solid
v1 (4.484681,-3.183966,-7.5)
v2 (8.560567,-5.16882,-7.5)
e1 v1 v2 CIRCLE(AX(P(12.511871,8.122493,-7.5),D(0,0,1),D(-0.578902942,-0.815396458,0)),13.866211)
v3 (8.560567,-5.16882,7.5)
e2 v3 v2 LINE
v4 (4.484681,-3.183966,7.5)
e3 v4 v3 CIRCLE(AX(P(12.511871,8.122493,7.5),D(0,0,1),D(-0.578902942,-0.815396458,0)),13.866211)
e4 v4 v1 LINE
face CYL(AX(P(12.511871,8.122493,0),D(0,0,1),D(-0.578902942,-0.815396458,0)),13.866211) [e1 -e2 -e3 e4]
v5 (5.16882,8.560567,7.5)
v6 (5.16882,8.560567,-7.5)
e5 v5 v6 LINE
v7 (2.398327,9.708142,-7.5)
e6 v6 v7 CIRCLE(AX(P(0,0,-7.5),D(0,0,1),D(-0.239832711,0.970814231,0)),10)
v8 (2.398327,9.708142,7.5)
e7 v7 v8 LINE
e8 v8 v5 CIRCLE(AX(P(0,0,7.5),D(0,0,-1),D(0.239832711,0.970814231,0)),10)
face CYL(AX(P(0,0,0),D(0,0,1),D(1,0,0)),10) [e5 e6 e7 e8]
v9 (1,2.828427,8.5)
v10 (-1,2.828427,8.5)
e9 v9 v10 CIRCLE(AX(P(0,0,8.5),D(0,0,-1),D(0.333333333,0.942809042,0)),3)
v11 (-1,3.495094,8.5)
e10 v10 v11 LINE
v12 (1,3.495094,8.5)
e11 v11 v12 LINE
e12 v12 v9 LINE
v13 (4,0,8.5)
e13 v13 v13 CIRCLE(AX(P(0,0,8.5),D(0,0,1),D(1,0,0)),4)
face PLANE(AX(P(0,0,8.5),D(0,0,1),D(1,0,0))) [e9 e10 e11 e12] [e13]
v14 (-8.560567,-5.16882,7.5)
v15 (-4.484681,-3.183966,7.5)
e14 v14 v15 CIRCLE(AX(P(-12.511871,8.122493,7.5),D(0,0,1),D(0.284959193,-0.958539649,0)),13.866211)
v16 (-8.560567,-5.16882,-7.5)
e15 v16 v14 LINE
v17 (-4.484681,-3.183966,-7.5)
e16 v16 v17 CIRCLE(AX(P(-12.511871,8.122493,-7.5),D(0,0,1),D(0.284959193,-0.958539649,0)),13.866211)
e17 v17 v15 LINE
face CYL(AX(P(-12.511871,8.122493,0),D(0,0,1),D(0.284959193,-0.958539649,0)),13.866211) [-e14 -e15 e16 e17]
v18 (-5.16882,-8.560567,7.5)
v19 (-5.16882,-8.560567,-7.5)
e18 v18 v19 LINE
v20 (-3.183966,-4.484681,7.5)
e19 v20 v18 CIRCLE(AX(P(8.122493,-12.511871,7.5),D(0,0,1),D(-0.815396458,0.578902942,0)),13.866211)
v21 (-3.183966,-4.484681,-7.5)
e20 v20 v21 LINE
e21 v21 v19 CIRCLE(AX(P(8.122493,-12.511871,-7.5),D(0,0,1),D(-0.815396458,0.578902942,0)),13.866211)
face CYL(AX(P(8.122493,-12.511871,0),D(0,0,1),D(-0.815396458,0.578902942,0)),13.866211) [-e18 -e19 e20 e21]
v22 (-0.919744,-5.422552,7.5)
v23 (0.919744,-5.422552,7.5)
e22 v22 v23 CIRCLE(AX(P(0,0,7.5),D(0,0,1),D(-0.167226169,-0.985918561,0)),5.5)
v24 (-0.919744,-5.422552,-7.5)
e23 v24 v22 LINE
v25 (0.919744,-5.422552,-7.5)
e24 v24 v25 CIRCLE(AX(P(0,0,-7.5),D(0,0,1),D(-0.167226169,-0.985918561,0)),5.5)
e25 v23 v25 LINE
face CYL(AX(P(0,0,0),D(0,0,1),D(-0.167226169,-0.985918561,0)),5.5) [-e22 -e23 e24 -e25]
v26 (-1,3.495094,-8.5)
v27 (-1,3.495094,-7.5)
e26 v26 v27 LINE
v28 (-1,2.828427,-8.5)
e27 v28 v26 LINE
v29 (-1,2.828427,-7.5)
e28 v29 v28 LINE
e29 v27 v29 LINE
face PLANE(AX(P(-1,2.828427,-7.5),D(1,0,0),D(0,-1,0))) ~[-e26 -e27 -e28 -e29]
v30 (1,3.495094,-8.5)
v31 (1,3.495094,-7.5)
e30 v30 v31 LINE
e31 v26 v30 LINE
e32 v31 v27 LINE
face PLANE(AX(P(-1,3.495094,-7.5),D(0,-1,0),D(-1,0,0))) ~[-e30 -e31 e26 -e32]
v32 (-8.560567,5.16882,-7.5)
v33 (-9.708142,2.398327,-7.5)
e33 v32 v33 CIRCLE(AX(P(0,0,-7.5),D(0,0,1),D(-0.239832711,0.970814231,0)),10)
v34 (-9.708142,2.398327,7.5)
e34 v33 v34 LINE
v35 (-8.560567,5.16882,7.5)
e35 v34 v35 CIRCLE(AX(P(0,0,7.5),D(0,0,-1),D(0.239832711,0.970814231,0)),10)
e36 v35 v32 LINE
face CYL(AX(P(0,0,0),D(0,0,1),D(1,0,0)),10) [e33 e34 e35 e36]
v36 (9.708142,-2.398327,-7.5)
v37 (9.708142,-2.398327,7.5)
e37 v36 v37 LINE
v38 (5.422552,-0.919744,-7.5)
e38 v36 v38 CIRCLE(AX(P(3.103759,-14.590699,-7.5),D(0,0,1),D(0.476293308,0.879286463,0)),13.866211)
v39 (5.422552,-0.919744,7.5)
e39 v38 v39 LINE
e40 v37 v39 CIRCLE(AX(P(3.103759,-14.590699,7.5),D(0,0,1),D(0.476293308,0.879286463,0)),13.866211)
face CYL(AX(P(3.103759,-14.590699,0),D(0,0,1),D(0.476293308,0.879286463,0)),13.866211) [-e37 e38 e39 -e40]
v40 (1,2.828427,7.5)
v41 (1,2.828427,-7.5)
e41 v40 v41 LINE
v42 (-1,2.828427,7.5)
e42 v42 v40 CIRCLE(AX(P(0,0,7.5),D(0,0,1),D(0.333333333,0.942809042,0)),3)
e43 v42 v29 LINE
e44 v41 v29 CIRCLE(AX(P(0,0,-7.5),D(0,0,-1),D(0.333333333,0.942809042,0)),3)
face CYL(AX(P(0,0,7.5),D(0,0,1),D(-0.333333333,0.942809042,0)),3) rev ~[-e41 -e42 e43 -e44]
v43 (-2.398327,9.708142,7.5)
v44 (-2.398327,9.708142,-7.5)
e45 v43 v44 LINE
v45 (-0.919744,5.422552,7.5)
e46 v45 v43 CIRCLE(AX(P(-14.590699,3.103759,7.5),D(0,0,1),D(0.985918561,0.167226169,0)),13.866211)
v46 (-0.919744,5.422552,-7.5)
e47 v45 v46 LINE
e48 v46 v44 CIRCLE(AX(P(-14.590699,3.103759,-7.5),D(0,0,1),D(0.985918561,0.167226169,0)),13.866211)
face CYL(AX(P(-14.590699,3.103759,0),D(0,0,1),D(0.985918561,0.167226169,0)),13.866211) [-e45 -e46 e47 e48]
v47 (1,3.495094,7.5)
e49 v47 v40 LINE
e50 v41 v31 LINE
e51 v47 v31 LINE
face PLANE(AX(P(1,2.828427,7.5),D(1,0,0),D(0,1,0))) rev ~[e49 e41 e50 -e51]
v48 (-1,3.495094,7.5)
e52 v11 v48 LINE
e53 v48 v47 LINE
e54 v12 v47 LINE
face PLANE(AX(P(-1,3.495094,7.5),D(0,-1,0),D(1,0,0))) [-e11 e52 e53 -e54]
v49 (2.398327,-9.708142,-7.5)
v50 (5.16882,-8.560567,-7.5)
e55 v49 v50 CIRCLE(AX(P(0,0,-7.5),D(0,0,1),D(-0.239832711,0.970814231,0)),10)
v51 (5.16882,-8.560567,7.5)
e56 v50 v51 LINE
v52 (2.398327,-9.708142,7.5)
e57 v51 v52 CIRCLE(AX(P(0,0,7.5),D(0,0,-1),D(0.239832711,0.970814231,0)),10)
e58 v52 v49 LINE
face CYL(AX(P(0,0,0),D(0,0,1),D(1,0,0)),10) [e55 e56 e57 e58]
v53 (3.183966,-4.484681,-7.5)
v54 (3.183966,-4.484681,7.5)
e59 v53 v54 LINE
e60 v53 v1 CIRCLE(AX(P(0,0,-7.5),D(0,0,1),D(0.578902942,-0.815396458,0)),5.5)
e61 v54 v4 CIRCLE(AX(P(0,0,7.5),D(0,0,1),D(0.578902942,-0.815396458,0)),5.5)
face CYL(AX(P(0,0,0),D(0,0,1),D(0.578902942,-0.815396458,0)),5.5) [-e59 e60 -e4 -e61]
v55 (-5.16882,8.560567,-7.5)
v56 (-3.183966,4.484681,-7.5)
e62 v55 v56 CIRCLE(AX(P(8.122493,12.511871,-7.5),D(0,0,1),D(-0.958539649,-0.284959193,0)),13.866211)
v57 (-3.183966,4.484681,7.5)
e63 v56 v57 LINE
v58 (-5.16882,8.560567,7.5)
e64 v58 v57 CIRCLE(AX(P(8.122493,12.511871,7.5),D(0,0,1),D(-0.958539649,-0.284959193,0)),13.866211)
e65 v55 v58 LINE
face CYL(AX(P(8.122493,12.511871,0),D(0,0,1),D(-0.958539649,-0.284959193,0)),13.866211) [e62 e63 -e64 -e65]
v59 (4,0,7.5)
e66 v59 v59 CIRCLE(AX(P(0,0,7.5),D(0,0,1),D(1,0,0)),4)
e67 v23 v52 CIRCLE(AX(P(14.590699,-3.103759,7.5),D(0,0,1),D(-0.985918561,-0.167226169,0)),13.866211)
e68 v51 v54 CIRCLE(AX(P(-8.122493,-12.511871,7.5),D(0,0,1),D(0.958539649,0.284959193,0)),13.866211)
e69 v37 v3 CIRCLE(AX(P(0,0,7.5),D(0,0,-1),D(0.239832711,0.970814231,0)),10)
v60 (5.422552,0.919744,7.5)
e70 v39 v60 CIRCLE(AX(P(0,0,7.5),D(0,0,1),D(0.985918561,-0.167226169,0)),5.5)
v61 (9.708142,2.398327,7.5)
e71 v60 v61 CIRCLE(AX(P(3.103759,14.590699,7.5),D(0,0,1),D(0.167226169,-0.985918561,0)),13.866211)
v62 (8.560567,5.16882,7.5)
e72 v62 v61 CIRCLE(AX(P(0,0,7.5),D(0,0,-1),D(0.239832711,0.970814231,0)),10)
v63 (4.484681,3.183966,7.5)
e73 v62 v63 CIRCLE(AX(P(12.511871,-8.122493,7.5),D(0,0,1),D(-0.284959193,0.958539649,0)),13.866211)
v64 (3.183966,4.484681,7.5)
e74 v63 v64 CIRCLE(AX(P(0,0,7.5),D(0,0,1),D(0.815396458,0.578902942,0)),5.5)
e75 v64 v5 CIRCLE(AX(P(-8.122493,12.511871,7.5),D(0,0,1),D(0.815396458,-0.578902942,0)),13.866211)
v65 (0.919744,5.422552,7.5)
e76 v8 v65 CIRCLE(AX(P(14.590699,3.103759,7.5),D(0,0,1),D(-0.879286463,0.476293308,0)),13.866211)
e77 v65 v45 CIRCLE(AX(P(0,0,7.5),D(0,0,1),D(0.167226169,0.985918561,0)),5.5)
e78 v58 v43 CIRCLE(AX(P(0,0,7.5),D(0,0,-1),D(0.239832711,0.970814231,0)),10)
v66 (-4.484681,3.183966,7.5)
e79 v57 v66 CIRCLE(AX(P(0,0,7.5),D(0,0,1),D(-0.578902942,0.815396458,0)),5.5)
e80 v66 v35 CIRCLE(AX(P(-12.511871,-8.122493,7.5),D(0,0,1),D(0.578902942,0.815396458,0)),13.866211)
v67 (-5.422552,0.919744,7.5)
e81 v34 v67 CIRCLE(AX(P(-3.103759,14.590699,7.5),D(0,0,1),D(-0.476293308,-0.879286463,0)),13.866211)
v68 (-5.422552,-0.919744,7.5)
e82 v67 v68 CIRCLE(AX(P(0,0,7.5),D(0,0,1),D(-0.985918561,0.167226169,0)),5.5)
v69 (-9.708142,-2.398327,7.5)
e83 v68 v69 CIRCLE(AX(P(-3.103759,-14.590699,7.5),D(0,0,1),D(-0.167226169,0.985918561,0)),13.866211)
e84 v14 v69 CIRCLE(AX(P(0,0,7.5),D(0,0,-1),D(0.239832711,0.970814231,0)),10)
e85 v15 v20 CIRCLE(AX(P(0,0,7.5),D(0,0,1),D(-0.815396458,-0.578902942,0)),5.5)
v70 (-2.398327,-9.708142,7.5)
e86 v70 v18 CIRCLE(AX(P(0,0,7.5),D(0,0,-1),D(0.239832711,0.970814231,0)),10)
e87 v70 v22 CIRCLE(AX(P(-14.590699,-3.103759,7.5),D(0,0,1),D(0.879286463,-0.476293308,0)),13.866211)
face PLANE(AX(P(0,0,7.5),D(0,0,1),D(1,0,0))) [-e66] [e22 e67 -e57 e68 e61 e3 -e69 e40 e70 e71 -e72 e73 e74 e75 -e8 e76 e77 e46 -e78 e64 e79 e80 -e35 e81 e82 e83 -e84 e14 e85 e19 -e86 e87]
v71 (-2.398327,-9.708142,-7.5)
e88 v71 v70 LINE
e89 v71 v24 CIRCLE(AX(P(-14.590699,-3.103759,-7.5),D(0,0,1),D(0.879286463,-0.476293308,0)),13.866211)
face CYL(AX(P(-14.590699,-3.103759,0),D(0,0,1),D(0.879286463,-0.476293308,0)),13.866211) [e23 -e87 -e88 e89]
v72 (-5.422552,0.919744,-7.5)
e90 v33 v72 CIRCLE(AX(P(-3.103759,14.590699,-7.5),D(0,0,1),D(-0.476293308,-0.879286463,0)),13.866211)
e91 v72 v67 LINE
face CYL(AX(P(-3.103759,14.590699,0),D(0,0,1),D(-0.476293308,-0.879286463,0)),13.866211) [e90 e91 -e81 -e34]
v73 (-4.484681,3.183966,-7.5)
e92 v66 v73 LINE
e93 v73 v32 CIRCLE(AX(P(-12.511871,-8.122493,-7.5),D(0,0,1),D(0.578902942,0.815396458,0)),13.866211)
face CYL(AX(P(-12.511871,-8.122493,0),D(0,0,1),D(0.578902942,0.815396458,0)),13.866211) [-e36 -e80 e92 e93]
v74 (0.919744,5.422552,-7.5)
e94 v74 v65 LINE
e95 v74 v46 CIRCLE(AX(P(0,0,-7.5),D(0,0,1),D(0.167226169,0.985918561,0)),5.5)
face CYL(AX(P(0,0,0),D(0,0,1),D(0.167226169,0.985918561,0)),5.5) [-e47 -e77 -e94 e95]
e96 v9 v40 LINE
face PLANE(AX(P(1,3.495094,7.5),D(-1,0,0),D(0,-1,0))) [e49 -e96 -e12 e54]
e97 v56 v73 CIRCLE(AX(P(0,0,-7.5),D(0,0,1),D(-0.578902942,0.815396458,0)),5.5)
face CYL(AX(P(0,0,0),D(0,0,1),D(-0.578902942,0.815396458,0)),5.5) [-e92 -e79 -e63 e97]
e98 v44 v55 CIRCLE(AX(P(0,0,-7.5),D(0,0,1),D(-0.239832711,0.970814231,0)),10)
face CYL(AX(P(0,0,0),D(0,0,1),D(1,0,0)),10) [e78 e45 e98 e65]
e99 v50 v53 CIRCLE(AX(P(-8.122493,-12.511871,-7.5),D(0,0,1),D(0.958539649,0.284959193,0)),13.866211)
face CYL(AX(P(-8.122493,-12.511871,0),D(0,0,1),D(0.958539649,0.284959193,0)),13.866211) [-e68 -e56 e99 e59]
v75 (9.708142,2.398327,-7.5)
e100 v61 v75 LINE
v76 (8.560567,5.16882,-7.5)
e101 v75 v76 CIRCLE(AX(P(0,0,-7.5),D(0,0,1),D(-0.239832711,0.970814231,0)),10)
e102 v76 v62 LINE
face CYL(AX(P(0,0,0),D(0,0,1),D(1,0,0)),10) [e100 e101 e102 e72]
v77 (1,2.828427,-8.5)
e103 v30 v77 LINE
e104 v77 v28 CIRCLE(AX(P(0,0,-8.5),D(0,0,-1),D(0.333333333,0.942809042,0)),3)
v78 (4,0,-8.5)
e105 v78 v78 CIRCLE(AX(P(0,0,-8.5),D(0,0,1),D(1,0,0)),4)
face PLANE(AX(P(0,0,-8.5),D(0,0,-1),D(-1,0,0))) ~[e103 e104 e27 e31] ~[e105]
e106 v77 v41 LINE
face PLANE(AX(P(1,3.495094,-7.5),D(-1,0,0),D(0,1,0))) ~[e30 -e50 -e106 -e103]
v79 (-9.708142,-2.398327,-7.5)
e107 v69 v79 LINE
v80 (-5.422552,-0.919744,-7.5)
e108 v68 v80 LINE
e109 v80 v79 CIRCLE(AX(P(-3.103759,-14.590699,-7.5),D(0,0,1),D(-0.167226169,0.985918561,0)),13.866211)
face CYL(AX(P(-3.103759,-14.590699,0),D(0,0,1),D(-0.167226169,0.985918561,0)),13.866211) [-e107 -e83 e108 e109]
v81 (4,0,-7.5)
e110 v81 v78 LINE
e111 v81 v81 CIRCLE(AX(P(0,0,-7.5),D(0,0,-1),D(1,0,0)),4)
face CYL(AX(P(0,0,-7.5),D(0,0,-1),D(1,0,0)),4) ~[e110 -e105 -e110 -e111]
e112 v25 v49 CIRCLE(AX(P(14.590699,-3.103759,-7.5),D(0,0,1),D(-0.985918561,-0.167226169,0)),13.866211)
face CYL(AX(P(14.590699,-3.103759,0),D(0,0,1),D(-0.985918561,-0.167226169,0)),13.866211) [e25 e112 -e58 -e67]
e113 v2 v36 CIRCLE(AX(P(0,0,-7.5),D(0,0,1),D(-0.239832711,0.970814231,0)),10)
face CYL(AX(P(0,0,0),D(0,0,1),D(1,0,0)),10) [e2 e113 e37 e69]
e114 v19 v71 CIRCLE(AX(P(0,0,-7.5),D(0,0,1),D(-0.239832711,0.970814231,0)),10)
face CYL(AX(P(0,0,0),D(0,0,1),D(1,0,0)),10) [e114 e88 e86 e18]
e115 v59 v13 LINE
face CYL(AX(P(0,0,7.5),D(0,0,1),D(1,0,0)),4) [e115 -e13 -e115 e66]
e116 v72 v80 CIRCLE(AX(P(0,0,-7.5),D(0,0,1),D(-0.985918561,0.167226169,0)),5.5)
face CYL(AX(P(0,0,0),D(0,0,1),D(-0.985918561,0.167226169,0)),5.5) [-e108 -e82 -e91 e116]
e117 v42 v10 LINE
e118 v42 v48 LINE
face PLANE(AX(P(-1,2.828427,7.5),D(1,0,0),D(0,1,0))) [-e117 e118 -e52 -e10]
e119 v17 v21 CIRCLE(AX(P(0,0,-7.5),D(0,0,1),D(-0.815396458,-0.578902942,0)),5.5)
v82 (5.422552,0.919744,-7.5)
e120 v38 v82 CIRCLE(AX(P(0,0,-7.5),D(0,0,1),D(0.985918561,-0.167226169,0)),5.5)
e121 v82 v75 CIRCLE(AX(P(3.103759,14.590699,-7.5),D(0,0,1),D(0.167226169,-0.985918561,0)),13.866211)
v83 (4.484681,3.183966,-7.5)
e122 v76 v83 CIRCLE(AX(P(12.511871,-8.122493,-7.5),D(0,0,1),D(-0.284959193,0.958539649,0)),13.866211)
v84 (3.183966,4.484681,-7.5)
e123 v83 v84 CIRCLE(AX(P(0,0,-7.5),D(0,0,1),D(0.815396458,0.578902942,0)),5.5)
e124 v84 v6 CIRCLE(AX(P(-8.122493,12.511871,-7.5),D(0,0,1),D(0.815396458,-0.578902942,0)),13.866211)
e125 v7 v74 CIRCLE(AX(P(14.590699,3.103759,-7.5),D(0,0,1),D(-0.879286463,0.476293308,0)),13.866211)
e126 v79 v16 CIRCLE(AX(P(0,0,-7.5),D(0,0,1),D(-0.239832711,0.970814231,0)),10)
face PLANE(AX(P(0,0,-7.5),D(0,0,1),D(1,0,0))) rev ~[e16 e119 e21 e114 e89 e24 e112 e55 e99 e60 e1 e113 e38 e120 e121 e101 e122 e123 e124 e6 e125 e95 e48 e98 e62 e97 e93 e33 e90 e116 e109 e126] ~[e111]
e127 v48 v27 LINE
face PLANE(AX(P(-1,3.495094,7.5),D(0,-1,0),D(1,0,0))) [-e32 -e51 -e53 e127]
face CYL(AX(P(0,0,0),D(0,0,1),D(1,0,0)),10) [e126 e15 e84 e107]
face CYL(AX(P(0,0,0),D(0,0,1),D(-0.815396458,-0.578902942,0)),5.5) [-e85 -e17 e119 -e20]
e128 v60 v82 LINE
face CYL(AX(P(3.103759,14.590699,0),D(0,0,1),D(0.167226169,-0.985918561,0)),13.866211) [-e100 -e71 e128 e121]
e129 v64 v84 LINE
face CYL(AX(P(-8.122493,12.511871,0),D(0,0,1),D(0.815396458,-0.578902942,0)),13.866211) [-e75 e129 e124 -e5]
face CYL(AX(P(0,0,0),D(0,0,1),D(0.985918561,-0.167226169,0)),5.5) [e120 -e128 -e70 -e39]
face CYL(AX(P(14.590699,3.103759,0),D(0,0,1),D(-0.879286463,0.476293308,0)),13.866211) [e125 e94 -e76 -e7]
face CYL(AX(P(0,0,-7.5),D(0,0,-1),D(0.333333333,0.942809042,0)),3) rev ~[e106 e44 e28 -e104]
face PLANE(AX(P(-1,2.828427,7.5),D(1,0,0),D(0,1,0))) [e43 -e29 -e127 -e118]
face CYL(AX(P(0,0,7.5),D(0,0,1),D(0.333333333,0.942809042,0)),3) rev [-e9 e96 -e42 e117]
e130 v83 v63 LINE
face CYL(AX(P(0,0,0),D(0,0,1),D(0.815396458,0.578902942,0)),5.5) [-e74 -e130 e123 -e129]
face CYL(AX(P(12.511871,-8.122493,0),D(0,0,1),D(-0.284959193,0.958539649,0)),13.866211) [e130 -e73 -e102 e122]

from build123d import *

# Parameters (mm, degrees)
SKETCH1_R               = 10
BOSS_EXTRUDE1_DEPTH     = 7.5
CUT_EXTRUDE1_DEPTH      = 8.5
SKETCH3_R               = 4
BOSS_EXTRUDE2_DEPTH     = 1
SKETCH3_3_W             = 2
SKETCH3_3_H             = 1.333333333
CUT_EXTRUDE2_DEPTH      = 2
CUT_EXTRUDE2_DEPTH_BACK = 17
CIRPATTERN2_COUNT       = 8


with BuildPart() as part:
    # Sketch1 → Boss-Extrude1 (new body, symmetric)
    with BuildSketch(Plane.XY):
        Circle(SKETCH1_R)
    extrude(amount=BOSS_EXTRUDE1_DEPTH, both=True)

    # Sketch2 → Cut-Extrude1 (cut, symmetric)
    with BuildSketch(Plane.XY):
        with BuildLine():
            ThreePointArc((0.919743931, 5.422552084), (0, 5.5), (-0.919743931, 5.422552084))
            ThreePointArc((-0.919743931, 5.422552084), (-1.482705591, 7.626183267), (-2.398327114, 9.708142307))
            ThreePointArc((-2.398327114, 9.708142307), (0, 10), (2.398327114, 9.708142307))
            ThreePointArc((2.398327114, 9.708142307), (1.482705591, 7.626183267), (0.919743931, 5.422552084))
        make_face()
    cut_extrude1 = extrude(amount=CUT_EXTRUDE1_DEPTH, both=True, mode=Mode.SUBTRACT)

    # Sketch3 → Boss-Extrude2 (add, symmetric)
    with BuildSketch(Plane.XY.offset(7.5)):
        Circle(SKETCH3_R)
        with BuildLine():
            Line((-1, 2.828427125), (-1, 3.495093791))
            Line((-1, 3.495093791), (1, 3.495093791))
            Line((1, 3.495093791), (1, 2.828427125))
            ThreePointArc((1, 2.828427125), (0, -3), (-1, 2.828427125))
        make_face(mode=Mode.SUBTRACT)
    boss_extrude2 = extrude(amount=BOSS_EXTRUDE2_DEPTH, both=True)

    # Mirror1: Boss-Extrude2 across plane
    add(boss_extrude2.mirror(Plane.XY))

    # Sketch3<3> → Cut-Extrude2 (cut, two sides)
    with BuildSketch(Plane.XY.offset(7.5)) as cut_extrude2_sk:
        with BuildLine():
            Line((-1, 2.161760458), (-1, 2.828427125))
            ThreePointArc((-1, 2.828427125), (0, -3), (1, 2.828427125))
            Line((1, 2.828427125), (1, 2.161760458))
            Line((1, 2.161760458), (-1, 2.161760458))
        make_face()
        with Locations((0, 2.828427125)):
            Rectangle(SKETCH3_3_W, SKETCH3_3_H)
    extrude(amount=CUT_EXTRUDE2_DEPTH, mode=Mode.SUBTRACT)
    extrude(cut_extrude2_sk.sketch, amount=-CUT_EXTRUDE2_DEPTH_BACK, mode=Mode.SUBTRACT)

    # CirPattern2: Cut-Extrude1 ×8 about axis
    cirpattern2_axis = Axis((0, 0, 0), (0, 0, 1))
    for i in range(1, CIRPATTERN2_COUNT):
        add(cut_extrude1.rotate(cirpattern2_axis, i * 360 / CIRPATTERN2_COUNT), mode=Mode.SUBTRACT)


solid = part.part
